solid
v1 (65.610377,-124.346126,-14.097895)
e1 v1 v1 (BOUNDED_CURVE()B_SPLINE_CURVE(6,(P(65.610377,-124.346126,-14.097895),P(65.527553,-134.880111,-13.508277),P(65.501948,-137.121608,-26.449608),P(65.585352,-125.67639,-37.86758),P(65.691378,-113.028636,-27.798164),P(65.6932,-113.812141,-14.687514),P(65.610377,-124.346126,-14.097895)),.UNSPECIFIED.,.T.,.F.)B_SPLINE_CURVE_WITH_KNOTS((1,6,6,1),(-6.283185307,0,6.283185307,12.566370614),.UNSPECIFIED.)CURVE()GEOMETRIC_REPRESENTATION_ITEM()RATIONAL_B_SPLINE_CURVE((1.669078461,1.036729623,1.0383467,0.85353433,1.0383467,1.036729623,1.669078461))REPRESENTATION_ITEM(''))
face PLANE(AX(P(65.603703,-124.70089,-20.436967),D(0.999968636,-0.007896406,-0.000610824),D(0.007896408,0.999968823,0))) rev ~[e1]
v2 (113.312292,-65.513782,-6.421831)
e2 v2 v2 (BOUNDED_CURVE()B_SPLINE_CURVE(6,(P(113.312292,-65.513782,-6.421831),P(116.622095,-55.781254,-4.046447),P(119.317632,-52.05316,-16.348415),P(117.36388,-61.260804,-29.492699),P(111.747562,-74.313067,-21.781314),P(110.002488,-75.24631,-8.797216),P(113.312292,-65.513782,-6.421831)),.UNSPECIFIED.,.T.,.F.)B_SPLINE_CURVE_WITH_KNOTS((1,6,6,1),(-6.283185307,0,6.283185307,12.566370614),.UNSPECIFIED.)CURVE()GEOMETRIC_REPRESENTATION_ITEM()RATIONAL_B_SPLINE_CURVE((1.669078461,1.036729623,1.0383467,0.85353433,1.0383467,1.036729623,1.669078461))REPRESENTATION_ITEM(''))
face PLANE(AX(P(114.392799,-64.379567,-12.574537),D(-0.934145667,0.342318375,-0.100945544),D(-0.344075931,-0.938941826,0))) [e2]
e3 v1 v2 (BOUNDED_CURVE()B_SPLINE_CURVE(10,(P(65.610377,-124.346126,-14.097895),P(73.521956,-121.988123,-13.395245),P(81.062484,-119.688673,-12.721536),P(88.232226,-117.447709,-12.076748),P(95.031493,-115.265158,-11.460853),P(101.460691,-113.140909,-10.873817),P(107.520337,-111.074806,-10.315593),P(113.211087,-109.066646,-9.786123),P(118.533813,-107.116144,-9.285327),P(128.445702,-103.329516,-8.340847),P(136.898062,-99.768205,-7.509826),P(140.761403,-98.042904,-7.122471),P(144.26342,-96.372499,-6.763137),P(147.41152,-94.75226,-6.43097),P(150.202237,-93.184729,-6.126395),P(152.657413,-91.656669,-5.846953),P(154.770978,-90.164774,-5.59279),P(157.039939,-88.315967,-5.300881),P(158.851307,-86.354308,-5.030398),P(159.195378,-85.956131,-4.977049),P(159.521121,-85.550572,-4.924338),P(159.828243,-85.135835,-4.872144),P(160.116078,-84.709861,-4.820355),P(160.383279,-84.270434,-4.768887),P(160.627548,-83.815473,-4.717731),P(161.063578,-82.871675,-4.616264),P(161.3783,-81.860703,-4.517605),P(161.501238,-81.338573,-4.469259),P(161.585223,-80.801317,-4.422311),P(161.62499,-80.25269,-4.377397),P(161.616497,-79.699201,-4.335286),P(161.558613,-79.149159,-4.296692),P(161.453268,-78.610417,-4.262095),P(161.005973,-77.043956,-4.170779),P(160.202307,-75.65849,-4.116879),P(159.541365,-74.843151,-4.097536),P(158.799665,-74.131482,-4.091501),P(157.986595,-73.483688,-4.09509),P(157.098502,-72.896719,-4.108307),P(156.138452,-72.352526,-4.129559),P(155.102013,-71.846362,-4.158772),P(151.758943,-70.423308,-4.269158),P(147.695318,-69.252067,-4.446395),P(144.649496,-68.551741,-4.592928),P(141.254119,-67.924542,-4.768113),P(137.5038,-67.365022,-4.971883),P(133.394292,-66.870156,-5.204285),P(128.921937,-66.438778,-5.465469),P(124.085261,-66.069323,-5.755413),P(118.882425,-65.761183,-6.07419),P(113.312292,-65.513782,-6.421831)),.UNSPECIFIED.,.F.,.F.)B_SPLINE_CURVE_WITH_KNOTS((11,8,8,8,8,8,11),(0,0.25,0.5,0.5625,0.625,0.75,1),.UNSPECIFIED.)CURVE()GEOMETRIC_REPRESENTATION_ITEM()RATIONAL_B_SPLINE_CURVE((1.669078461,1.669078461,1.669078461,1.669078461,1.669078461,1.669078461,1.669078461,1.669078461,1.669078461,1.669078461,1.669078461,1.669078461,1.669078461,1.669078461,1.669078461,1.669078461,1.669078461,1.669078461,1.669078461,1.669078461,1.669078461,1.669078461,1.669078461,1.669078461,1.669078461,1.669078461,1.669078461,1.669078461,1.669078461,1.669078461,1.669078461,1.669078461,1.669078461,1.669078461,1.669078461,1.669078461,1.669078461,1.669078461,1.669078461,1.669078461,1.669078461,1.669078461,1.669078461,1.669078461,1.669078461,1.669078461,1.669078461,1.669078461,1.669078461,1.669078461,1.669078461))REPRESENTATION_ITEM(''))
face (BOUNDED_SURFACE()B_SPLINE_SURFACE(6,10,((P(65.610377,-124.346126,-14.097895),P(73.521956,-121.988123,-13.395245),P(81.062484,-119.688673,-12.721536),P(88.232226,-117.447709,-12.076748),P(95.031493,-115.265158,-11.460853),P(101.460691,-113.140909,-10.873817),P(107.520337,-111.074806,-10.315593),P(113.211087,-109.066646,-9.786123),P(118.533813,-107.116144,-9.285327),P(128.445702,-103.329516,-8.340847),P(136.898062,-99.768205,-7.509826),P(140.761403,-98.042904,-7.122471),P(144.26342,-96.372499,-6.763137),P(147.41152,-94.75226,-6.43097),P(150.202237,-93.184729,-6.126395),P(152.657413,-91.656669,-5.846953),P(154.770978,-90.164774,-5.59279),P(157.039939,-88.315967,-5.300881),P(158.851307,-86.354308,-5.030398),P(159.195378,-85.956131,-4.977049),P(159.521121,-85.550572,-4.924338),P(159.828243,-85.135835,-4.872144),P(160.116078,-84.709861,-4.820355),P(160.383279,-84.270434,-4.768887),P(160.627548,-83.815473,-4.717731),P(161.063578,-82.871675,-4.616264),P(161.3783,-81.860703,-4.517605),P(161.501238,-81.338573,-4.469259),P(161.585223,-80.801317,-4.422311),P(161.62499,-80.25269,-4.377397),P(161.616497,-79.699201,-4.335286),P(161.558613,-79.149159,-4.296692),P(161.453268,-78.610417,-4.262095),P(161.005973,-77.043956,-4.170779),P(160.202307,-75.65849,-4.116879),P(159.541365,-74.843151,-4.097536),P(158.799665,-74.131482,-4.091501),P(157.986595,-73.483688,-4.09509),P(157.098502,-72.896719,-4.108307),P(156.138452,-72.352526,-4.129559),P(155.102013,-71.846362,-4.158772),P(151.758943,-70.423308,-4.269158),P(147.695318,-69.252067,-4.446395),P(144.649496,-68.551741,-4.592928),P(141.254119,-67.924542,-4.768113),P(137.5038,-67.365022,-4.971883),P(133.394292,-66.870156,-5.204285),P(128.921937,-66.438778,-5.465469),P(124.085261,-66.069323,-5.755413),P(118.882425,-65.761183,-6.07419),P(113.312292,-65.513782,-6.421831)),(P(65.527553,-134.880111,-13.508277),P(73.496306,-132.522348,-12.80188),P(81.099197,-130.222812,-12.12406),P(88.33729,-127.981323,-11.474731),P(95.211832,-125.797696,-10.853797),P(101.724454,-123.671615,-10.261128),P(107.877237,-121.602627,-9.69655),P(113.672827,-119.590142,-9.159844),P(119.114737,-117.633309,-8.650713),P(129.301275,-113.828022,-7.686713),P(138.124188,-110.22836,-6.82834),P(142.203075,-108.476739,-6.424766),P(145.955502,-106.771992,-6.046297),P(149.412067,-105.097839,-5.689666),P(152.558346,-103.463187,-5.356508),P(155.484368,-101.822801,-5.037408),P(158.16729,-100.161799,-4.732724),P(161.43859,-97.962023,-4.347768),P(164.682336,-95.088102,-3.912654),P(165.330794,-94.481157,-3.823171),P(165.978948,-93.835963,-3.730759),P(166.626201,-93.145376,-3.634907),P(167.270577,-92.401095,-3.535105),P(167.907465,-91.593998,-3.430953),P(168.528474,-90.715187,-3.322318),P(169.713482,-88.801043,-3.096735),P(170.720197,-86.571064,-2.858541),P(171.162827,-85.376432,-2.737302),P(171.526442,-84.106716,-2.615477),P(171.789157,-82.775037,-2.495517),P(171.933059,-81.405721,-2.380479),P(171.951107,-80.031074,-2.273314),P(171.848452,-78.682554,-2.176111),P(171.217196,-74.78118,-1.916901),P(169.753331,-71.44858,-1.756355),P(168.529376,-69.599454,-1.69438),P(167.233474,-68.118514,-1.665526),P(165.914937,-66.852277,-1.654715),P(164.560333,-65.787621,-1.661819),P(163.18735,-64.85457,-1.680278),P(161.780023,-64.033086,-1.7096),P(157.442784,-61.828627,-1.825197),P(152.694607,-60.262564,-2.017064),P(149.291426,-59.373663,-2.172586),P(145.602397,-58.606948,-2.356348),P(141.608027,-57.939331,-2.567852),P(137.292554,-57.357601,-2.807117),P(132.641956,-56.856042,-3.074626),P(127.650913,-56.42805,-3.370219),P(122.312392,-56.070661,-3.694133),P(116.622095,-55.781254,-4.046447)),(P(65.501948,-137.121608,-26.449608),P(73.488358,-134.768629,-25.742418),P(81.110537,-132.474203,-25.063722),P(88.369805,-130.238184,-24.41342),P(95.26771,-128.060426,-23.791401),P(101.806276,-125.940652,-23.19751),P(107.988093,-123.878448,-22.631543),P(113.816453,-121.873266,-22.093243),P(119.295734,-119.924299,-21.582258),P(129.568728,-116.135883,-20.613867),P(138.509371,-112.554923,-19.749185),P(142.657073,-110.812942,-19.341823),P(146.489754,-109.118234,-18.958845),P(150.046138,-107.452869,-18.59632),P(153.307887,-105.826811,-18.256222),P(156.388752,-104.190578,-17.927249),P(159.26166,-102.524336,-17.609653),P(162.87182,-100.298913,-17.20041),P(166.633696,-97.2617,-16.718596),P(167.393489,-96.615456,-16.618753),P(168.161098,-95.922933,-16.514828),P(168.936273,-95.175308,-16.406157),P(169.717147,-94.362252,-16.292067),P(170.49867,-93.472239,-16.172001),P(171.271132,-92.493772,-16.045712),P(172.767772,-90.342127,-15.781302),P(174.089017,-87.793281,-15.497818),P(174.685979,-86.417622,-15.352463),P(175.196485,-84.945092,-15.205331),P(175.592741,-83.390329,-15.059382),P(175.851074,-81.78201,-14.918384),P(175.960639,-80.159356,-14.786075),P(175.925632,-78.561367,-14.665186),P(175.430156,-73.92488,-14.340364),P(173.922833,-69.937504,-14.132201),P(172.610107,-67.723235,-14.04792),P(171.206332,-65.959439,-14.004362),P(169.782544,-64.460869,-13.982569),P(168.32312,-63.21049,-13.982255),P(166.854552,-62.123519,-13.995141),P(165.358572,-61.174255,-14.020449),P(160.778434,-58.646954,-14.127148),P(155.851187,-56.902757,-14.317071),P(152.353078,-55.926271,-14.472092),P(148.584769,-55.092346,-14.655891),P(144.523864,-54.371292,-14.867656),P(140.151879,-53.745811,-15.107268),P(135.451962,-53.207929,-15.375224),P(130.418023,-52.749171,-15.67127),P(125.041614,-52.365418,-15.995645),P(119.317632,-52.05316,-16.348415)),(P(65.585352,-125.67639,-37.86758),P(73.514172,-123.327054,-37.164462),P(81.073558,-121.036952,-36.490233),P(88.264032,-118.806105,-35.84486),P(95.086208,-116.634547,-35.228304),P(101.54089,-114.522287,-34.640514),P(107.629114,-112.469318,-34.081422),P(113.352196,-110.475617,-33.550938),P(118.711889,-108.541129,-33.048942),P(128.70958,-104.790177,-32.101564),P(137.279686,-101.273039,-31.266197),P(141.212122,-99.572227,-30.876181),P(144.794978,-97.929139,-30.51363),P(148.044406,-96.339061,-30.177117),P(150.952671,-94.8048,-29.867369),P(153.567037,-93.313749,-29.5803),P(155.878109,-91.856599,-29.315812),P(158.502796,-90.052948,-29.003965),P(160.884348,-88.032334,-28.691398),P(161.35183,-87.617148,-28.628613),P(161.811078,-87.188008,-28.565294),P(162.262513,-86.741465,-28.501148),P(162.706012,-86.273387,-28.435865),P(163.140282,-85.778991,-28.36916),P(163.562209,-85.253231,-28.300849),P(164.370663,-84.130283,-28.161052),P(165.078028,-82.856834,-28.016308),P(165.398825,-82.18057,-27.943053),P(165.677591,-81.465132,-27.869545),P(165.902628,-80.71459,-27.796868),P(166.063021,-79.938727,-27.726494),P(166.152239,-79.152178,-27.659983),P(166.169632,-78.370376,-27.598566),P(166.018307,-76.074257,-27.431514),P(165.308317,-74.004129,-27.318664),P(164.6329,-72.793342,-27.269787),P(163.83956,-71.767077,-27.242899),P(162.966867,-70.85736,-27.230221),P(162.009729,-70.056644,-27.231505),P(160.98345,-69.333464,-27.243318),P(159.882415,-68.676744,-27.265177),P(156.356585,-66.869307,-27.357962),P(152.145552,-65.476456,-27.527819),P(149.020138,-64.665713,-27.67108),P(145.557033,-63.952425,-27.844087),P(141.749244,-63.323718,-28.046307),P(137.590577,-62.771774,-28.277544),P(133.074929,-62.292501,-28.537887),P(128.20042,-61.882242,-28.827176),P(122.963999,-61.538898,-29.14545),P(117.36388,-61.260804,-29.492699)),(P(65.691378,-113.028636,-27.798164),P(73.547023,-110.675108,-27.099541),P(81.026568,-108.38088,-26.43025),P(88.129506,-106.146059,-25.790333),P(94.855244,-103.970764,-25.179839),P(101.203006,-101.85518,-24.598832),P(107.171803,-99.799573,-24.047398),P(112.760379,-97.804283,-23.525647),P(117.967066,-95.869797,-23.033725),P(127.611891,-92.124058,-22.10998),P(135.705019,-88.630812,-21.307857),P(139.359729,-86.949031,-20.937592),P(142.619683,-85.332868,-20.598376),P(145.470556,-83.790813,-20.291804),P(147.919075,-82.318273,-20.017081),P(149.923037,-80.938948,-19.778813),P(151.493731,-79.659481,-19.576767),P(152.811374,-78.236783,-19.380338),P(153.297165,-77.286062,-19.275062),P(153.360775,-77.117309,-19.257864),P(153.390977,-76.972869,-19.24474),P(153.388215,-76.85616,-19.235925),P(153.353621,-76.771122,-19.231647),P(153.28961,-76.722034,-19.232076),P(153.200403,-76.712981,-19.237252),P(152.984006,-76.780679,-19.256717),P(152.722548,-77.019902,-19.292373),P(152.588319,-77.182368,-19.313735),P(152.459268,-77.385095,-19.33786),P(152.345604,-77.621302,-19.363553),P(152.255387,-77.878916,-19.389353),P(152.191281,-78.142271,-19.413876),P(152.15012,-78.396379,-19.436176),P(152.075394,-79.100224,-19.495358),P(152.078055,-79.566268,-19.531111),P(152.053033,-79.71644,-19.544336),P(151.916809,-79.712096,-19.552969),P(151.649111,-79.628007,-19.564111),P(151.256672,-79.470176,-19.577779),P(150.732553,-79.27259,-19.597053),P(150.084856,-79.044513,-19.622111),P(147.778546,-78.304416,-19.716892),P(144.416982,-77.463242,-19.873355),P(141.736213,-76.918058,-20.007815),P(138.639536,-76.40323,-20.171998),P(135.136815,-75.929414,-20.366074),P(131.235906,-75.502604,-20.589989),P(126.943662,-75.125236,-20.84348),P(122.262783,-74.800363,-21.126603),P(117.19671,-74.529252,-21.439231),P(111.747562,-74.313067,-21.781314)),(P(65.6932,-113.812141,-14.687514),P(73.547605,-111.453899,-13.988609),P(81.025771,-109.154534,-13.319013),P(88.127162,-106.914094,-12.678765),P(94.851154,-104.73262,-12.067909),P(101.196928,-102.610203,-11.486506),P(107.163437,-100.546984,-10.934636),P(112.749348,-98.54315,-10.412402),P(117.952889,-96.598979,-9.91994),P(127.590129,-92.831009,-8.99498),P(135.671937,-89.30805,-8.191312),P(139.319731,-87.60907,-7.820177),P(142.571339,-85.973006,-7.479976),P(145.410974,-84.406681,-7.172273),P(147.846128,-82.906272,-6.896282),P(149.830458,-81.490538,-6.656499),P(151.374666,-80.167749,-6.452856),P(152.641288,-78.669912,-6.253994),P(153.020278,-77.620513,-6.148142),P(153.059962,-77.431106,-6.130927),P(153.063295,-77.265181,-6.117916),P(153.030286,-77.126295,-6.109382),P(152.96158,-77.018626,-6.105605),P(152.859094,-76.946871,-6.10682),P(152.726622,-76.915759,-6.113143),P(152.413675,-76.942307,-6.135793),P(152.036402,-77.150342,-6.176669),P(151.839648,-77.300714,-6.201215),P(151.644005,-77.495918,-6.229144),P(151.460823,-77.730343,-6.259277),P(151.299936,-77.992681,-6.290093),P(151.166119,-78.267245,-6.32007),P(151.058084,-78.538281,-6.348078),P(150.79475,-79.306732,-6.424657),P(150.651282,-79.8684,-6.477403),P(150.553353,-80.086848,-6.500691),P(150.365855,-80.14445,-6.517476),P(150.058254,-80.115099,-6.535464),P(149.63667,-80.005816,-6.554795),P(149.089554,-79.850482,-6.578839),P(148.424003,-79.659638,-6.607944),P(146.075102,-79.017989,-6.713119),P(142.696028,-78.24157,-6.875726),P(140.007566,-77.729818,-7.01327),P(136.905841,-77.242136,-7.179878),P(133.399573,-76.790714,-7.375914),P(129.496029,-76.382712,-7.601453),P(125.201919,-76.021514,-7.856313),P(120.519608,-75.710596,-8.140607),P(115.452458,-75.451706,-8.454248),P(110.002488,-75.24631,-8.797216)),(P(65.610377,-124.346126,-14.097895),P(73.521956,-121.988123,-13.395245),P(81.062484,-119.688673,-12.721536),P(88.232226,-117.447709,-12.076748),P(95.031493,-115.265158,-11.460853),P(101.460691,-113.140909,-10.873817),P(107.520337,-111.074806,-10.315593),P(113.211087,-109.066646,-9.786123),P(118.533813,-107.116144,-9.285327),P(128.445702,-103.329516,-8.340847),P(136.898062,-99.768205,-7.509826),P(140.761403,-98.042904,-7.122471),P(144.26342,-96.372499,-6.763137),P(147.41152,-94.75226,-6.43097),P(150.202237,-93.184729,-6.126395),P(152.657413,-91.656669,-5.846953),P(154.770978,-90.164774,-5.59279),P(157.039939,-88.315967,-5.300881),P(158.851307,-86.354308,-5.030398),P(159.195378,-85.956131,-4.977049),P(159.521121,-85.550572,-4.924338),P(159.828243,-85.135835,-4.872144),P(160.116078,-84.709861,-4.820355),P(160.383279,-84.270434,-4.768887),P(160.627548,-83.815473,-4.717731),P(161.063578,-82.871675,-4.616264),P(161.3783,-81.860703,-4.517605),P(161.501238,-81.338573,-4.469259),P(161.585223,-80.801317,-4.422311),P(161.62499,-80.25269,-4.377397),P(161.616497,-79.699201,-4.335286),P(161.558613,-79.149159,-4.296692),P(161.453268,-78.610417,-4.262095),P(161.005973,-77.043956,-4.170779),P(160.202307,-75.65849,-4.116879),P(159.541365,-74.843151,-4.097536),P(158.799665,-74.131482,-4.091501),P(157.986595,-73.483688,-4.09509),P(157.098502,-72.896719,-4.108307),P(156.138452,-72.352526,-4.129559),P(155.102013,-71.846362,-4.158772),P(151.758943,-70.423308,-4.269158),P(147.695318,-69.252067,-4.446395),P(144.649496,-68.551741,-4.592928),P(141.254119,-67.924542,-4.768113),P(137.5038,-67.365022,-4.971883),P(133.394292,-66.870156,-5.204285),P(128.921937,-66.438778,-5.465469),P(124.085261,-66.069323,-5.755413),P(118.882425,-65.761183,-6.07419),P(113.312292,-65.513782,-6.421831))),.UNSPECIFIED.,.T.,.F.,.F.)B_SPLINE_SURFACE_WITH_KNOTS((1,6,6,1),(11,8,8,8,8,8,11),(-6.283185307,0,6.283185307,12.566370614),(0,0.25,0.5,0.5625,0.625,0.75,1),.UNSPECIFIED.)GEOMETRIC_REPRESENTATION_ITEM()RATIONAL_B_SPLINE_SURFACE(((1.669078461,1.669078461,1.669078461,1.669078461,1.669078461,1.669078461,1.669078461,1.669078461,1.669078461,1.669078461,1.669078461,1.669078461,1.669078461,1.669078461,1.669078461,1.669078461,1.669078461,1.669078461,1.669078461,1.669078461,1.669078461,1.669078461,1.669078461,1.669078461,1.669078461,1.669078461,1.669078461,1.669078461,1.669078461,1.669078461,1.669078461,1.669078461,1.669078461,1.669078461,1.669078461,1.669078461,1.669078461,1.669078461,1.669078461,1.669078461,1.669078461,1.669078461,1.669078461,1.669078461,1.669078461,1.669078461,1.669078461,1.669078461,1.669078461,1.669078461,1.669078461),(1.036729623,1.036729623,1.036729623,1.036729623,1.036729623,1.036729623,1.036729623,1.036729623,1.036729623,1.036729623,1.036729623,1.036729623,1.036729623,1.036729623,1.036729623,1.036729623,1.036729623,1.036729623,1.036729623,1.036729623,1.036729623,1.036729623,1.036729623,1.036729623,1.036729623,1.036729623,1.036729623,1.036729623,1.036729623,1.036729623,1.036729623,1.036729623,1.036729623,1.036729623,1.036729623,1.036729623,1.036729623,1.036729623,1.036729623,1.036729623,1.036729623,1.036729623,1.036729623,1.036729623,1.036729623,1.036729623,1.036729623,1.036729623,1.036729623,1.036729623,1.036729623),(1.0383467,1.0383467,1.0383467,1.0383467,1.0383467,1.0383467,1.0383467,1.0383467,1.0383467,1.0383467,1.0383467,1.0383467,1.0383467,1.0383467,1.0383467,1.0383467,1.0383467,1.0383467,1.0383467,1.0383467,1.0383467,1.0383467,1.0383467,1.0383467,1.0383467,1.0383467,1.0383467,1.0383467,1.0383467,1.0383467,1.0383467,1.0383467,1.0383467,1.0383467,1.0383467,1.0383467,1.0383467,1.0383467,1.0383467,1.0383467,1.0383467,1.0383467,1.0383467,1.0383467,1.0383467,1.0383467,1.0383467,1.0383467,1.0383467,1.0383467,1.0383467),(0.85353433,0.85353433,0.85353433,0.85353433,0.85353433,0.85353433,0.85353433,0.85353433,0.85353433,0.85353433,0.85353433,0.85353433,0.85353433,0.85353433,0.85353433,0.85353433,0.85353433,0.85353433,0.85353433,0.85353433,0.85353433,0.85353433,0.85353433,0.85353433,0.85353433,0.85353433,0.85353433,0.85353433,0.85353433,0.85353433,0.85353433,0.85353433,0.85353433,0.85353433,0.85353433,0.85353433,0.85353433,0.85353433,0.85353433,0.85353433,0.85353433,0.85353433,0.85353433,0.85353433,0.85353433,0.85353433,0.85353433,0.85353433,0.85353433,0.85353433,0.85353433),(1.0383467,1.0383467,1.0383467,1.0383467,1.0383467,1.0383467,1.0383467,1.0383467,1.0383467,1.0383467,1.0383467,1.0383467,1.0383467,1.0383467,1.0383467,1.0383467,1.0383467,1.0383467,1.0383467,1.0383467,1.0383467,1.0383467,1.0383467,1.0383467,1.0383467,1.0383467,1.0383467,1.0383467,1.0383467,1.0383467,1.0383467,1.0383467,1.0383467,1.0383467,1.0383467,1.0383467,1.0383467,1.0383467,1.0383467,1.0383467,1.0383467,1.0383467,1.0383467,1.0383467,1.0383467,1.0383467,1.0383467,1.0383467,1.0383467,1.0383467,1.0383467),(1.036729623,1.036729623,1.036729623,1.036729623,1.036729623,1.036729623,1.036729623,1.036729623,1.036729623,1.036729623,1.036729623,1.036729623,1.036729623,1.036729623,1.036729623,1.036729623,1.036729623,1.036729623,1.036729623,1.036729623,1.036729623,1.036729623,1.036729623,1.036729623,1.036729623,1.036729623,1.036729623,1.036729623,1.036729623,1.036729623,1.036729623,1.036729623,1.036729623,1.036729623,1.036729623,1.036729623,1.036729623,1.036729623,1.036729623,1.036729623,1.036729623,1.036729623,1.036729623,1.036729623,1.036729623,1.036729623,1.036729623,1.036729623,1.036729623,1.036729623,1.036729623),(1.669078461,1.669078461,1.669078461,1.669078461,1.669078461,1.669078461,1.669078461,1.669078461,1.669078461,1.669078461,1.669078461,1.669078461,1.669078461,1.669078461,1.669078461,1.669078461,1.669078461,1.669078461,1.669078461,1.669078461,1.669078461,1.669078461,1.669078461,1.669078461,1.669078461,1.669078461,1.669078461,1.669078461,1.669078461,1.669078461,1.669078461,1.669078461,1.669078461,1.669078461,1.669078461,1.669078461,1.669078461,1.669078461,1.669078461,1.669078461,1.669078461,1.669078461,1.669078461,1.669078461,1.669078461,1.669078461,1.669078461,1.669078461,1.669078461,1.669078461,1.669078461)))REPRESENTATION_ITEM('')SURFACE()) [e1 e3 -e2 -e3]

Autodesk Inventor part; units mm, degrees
ref_plane "YZ Plane" through (0, 0, 0) normal (1, 0, 0) x (0, 1, 0)
ref_plane "XZ Plane" through (0, 0, 0) normal (0, 1, 0) x (-1, 0, 0)
ref_plane "XY Plane" through (0, 0, 0) normal (0, 0, 1) x (1, 0, 0)
ref_plane "Work Plane1" through (73.6831, -121.5246, -19.5504) normal (-0.0655, -0.0767, 0.9949) x (0.4069, 0.9083, 0.0968)
sketch "Sketch1" plane through (73.6831, -121.5246, -19.5504) normal (-0.0655, -0.0767, 0.9949) x (0.4069, 0.9083, 0.0968)
  spline S0 degree 2 poles (-2.253, 7.8234) (106.1348, -117.0144) (64.7915, -14.1304) knots 0 0 0 1 1 1
  point P0 (82.2988, 116.5451)
  point P1 (73.7591, -60.0924)
ref_plane "Work Plane2" through (76.1191, -121.5284, -19.5011) normal (1, 0, 0) x (0, 0.0564, 0.9984)
sketch "Sketch2" plane through (76.1191, -121.5284, -19.5011) normal (1, 0, 0) x (0, 0.0564, 0.9984)
  circle A0 centre (0, 0) radius 6.35
  point P0 (26.3235, -120.2353)
  dimension "d0" = 12.7
ref_plane "Work Plane3" through (100.8932, -66.2199, -13.6083) normal (1, 0, 0) x (0, 0, 1)
sketch "Sketch3" plane through (100.8932, -66.2199, -13.6083) normal (1, 0, 0) x (0, 0, 1)
  circle A0 centre (0, 0) radius 6.35
  point P0 (13.6083, -66.2199)
  dimension "d1" = 12.7
sweep "Sweep1" add profiles "Sketch2" path "Sketch1"
properties part number "wire4"
